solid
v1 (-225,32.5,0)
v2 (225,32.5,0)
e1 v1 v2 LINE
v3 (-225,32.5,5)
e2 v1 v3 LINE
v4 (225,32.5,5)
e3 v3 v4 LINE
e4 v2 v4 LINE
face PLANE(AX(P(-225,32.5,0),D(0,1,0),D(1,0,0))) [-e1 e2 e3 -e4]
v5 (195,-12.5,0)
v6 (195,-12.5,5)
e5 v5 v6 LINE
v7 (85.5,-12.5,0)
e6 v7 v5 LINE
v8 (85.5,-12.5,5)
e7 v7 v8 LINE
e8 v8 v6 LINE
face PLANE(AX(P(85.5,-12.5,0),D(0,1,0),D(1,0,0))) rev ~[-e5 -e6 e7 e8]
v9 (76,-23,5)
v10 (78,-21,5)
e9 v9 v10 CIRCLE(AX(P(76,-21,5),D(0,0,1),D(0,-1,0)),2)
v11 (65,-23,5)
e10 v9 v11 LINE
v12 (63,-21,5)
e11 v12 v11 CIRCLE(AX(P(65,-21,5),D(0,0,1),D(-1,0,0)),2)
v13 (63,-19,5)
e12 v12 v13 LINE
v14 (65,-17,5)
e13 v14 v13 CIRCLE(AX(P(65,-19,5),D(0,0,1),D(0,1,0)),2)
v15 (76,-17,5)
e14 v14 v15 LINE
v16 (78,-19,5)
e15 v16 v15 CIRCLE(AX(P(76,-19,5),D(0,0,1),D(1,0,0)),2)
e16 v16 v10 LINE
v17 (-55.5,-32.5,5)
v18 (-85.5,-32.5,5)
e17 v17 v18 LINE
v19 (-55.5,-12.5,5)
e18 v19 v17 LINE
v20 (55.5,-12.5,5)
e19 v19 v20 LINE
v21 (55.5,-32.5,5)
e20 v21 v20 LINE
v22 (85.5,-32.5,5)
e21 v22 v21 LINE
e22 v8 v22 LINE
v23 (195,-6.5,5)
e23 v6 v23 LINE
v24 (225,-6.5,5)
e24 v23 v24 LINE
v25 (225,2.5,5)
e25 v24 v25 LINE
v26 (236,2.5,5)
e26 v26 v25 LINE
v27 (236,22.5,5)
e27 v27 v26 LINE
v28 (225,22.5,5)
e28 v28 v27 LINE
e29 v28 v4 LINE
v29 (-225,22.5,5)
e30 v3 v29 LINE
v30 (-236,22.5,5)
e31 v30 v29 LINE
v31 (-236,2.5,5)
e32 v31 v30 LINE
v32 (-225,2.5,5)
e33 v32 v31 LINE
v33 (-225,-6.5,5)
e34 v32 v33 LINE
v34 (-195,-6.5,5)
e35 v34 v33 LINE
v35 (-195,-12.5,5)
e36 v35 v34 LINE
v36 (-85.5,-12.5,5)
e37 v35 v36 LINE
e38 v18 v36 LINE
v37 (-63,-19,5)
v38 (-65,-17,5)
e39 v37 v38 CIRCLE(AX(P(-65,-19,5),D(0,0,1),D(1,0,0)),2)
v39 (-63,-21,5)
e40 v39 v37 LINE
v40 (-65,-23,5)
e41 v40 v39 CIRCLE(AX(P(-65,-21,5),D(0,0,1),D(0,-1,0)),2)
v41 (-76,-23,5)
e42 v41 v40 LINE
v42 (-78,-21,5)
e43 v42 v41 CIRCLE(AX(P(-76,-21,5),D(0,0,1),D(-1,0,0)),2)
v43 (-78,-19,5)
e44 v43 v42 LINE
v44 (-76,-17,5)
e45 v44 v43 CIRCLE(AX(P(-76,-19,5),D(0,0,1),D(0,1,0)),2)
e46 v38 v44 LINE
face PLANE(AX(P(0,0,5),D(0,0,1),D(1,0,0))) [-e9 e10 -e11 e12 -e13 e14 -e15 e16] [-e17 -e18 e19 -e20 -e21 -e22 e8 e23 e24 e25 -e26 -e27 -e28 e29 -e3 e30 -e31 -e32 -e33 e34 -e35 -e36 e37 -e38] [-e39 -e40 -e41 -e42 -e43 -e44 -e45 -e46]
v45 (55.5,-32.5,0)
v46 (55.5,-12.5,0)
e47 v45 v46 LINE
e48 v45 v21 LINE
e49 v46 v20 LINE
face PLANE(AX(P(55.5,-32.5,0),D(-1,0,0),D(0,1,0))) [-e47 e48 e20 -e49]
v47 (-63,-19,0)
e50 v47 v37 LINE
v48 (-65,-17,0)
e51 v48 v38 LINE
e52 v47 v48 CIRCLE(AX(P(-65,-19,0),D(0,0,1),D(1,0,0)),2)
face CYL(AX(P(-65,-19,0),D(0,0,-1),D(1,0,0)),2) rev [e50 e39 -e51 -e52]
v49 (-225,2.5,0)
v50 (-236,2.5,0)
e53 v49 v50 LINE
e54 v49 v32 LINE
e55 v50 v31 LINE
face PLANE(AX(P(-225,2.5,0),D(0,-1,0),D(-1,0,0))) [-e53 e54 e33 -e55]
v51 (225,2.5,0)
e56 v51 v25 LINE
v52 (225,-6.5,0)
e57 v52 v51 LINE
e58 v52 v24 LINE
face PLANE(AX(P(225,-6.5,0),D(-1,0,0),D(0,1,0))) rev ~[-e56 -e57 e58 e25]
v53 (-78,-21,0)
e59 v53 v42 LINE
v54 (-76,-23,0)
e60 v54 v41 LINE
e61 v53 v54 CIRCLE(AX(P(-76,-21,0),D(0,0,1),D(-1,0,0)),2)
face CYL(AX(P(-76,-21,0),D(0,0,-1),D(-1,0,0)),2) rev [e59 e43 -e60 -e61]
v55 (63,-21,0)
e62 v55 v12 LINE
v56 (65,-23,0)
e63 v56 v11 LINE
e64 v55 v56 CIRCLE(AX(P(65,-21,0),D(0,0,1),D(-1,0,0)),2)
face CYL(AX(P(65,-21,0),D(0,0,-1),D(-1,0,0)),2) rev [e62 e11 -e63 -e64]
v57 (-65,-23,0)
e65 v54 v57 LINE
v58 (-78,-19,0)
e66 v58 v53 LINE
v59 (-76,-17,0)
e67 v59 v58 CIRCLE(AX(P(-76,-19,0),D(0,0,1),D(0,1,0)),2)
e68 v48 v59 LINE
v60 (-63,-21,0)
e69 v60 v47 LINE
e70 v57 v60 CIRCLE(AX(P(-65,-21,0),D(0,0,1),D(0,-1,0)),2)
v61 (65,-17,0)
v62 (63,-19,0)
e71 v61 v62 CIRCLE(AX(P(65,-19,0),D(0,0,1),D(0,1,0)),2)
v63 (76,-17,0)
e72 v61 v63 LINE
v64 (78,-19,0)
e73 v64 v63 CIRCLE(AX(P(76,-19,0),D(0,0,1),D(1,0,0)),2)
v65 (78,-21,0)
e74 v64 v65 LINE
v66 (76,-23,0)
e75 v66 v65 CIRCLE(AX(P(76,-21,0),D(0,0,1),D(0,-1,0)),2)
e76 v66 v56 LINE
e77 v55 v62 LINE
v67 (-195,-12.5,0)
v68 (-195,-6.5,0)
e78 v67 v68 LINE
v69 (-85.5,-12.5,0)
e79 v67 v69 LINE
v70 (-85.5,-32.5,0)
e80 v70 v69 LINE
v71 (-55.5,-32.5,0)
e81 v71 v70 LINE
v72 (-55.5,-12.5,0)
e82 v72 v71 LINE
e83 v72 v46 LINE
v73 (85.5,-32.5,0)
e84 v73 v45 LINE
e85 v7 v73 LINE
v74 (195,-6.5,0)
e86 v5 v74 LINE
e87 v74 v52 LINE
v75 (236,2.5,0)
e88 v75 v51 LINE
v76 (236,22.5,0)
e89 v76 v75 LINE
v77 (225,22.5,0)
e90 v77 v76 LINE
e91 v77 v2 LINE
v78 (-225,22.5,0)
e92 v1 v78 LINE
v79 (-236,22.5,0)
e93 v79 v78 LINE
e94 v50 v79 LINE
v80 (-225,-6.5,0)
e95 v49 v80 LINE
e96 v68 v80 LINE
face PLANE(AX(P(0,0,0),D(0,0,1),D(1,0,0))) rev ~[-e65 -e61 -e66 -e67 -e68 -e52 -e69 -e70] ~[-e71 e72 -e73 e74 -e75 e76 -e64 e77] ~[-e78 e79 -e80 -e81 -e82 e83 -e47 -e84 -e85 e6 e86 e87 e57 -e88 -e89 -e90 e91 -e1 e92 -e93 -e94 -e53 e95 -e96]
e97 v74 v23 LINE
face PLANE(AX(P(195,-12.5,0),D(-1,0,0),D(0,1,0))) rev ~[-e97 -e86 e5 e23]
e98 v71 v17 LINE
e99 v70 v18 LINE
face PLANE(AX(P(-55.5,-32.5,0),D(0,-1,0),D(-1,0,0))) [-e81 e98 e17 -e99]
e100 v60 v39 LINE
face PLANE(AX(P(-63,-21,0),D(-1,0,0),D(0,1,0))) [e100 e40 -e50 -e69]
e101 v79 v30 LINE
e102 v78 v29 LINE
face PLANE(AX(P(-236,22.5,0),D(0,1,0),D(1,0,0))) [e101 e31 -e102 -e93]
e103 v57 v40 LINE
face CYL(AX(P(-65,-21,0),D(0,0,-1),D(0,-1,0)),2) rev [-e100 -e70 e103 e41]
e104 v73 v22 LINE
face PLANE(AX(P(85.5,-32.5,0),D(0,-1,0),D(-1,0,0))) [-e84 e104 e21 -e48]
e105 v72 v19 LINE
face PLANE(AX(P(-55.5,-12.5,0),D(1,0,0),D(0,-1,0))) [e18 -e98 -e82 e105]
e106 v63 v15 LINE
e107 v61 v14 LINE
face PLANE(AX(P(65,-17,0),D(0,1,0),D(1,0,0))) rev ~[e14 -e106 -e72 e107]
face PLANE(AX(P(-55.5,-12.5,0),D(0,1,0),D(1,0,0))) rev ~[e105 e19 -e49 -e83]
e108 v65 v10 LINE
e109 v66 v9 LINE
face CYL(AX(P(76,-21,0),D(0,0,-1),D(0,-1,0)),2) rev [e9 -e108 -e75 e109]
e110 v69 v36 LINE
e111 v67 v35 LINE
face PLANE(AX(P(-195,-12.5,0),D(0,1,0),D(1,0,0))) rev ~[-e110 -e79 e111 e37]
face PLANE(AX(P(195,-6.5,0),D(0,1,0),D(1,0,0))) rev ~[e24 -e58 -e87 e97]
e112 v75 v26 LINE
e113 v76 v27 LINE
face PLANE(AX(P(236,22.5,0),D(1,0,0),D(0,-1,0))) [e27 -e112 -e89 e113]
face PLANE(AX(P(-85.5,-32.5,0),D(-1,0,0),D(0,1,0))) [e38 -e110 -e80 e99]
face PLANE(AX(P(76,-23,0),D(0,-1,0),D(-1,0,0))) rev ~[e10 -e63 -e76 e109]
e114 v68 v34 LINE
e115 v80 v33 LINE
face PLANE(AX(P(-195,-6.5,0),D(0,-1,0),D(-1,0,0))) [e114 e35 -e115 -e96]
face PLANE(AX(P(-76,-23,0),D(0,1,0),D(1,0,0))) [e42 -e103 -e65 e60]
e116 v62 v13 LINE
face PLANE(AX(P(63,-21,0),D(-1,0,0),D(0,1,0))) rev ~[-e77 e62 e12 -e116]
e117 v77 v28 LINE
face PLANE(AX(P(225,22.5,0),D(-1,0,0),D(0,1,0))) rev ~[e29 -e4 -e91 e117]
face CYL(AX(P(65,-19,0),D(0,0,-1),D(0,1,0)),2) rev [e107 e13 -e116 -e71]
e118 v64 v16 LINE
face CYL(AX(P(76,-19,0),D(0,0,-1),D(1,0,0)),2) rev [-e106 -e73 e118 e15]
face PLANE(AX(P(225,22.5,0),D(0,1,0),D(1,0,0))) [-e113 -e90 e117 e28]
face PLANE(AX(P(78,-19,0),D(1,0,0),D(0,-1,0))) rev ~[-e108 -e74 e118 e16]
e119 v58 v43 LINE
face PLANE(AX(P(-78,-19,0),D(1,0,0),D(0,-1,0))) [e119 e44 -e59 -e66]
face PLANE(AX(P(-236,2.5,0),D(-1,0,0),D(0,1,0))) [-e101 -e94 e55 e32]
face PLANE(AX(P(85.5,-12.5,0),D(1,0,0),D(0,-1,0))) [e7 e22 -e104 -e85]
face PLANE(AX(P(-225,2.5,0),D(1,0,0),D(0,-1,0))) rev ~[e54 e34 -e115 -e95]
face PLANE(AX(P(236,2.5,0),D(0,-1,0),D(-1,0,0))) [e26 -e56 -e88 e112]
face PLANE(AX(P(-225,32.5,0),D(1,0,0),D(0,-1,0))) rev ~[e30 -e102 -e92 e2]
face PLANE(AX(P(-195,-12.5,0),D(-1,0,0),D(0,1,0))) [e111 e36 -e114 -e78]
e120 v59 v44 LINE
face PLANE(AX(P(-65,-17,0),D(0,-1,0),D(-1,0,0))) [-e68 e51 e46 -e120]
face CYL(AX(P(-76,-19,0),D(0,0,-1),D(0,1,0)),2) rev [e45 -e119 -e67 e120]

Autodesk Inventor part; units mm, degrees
ref_plane "YZ Plane" through (0, 0, 0) normal (1, 0, 0) x (0, 1, 0)
ref_plane "XZ Plane" through (0, 0, 0) normal (0, 1, 0) x (-1, 0, 0)
ref_plane "XY Plane" through (0, 0, 0) normal (0, 0, 1) x (1, 0, 0)
sketch "Szkic1" plane through (0, 0, 0) normal (0, 0, 1) x (1, 0, 0)
  line L0 (-236, 32.5) -> (236, 32.5)
  line L1 (236, 32.5) -> (236, -32.5)
  line L2 (236, -32.5) -> (-236, -32.5)
  line L3 (-236, -32.5) -> (-236, 32.5)
  line L4 (-236, 32.5) -> (236, -32.5) construction
  line L5 (236, 32.5) -> (-236, -32.5) construction
  line L6 (-225, -12.5) -> (225, -12.5)
  line L7 (225, -12.5) -> (225, 32.5)
  line L8 (225, 32.5) -> (-225, 32.5)
  line L9 (-225, 32.5) -> (-225, -12.5)
  line L10 (-225, -12.5) -> (225, 32.5) construction
  line L11 (225, -12.5) -> (-225, 32.5) construction
  line L12 (-236, 22.5) -> (-225, 22.5)
  line L13 (-225, 22.5) -> (-225, 2.5)
  line L14 (-225, 2.5) -> (-236, 2.5)
  line L15 (-236, 2.5) -> (-236, 22.5)
  line L16 (225, 22.5) -> (236, 22.5)
  line L17 (236, 22.5) -> (236, 2.5)
  line L18 (236, 2.5) -> (225, 2.5)
  line L19 (225, 2.5) -> (225, 22.5)
  line L20 (-85.5, -12.5) -> (-55.5, -12.5)
  line L21 (-55.5, -12.5) -> (-55.5, -32.5)
  line L22 (-55.5, -32.5) -> (-85.5, -32.5)
  line L23 (-85.5, -32.5) -> (-85.5, -12.5)
  line L24 (-85.5, -12.5) -> (-55.5, -32.5) construction
  line L25 (-55.5, -12.5) -> (-85.5, -32.5) construction
  line L26 (55.5, -12.5) -> (85.5, -12.5)
  line L27 (85.5, -12.5) -> (85.5, -32.5)
  line L28 (85.5, -32.5) -> (55.5, -32.5)
  line L29 (55.5, -32.5) -> (55.5, -12.5)
  line L30 (55.5, -12.5) -> (85.5, -32.5) construction
  line L31 (85.5, -12.5) -> (55.5, -32.5) construction
  line L32 (-76, -23) -> (-65, -23)
  line L33 (-63, -21) -> (-63, -19)
  line L34 (-65, -17) -> (-76, -17)
  line L35 (-78, -19) -> (-78, -21)
  line L36 (-78, -23) -> (-63, -17) construction
  line L37 (-63, -23) -> (-78, -17) construction
  line L38 (65, -17) -> (76, -17)
  line L39 (78, -19) -> (78, -21)
  line L40 (76, -23) -> (65, -23)
  line L41 (63, -21) -> (63, -19)
  line L42 (63, -17) -> (78, -23) construction
  line L43 (78, -17) -> (63, -23) construction
  arc A0 (-65, -23) -> (-63, -21) centre (-65, -21) ccw
  arc A1 (-63, -19) -> (-65, -17) centre (-65, -19) ccw
  arc A2 (-76, -17) -> (-78, -19) centre (-76, -19) ccw
  arc A3 (-78, -21) -> (-76, -23) centre (-76, -21) ccw
  arc A4 (63, -21) -> (65, -23) centre (65, -21) ccw
  arc A5 (65, -17) -> (63, -19) centre (65, -19) ccw
  arc A6 (78, -19) -> (76, -17) centre (76, -19) ccw
  arc A7 (76, -23) -> (78, -21) centre (76, -21) ccw
  line L44 (225, -12.5) -> (195, -12.5)
  line L45 (195, -12.5) -> (195, -6.5)
  line L46 (195, -6.5) -> (225, -6.5)
  line L47 (225, -6.5) -> (225, -12.5)
  line L48 (-225, -12.5) -> (-195, -12.5)
  line L49 (-195, -12.5) -> (-195, -6.5)
  line L50 (-195, -6.5) -> (-225, -6.5)
  line L51 (-225, -6.5) -> (-225, -12.5)
  point P0 (0, 0)
  point P1 (0, 0)
  point P2 (-70.5, -22.5)
  point P3 (70.5, -22.5)
  point P4 (-70.5, -20)
  point P5 (70.5, -20)
  dimension "d0" = 472
  dimension "d1" = 65
  dimension "d2" = 450
  dimension "d3" = 45
  dimension "d4" = 10
  dimension "d5" = 11
  dimension "d6" = 20
  dimension "d7" = 10
  dimension "d8" = 20
  dimension "d9" = 141
  dimension "d10" = 20
  dimension "d11" = 20
  dimension "d12" = 30
  dimension "d13" = 30
  dimension "d15" = 70.5
  dimension "d16" = 15
  dimension "d17" = 6
  dimension "d18" = 4.5
  dimension "d19" = 15
  dimension "d20" = 6
  dimension "d21" = 4.5
  dimension "d22" = 2
  dimension "d25" = 30
  dimension "d26" = 6
  dimension "d27" = 30
  dimension "d28" = 6
extrude "Wyciągnięcie proste1" add sketch "Szkic1" along normal blind 5 contours L0 L7 L46 L45 L6 L49 L50 L9 | L12 L9 L14 L3 | L16 L1 L18 L7 | L23 L6 L21 L2 | L29 L6 L27 L2
equation "\"d15\" = 0.5 * d9"
equation "\"d21\" = d18"
properties part number "poprz_690"
